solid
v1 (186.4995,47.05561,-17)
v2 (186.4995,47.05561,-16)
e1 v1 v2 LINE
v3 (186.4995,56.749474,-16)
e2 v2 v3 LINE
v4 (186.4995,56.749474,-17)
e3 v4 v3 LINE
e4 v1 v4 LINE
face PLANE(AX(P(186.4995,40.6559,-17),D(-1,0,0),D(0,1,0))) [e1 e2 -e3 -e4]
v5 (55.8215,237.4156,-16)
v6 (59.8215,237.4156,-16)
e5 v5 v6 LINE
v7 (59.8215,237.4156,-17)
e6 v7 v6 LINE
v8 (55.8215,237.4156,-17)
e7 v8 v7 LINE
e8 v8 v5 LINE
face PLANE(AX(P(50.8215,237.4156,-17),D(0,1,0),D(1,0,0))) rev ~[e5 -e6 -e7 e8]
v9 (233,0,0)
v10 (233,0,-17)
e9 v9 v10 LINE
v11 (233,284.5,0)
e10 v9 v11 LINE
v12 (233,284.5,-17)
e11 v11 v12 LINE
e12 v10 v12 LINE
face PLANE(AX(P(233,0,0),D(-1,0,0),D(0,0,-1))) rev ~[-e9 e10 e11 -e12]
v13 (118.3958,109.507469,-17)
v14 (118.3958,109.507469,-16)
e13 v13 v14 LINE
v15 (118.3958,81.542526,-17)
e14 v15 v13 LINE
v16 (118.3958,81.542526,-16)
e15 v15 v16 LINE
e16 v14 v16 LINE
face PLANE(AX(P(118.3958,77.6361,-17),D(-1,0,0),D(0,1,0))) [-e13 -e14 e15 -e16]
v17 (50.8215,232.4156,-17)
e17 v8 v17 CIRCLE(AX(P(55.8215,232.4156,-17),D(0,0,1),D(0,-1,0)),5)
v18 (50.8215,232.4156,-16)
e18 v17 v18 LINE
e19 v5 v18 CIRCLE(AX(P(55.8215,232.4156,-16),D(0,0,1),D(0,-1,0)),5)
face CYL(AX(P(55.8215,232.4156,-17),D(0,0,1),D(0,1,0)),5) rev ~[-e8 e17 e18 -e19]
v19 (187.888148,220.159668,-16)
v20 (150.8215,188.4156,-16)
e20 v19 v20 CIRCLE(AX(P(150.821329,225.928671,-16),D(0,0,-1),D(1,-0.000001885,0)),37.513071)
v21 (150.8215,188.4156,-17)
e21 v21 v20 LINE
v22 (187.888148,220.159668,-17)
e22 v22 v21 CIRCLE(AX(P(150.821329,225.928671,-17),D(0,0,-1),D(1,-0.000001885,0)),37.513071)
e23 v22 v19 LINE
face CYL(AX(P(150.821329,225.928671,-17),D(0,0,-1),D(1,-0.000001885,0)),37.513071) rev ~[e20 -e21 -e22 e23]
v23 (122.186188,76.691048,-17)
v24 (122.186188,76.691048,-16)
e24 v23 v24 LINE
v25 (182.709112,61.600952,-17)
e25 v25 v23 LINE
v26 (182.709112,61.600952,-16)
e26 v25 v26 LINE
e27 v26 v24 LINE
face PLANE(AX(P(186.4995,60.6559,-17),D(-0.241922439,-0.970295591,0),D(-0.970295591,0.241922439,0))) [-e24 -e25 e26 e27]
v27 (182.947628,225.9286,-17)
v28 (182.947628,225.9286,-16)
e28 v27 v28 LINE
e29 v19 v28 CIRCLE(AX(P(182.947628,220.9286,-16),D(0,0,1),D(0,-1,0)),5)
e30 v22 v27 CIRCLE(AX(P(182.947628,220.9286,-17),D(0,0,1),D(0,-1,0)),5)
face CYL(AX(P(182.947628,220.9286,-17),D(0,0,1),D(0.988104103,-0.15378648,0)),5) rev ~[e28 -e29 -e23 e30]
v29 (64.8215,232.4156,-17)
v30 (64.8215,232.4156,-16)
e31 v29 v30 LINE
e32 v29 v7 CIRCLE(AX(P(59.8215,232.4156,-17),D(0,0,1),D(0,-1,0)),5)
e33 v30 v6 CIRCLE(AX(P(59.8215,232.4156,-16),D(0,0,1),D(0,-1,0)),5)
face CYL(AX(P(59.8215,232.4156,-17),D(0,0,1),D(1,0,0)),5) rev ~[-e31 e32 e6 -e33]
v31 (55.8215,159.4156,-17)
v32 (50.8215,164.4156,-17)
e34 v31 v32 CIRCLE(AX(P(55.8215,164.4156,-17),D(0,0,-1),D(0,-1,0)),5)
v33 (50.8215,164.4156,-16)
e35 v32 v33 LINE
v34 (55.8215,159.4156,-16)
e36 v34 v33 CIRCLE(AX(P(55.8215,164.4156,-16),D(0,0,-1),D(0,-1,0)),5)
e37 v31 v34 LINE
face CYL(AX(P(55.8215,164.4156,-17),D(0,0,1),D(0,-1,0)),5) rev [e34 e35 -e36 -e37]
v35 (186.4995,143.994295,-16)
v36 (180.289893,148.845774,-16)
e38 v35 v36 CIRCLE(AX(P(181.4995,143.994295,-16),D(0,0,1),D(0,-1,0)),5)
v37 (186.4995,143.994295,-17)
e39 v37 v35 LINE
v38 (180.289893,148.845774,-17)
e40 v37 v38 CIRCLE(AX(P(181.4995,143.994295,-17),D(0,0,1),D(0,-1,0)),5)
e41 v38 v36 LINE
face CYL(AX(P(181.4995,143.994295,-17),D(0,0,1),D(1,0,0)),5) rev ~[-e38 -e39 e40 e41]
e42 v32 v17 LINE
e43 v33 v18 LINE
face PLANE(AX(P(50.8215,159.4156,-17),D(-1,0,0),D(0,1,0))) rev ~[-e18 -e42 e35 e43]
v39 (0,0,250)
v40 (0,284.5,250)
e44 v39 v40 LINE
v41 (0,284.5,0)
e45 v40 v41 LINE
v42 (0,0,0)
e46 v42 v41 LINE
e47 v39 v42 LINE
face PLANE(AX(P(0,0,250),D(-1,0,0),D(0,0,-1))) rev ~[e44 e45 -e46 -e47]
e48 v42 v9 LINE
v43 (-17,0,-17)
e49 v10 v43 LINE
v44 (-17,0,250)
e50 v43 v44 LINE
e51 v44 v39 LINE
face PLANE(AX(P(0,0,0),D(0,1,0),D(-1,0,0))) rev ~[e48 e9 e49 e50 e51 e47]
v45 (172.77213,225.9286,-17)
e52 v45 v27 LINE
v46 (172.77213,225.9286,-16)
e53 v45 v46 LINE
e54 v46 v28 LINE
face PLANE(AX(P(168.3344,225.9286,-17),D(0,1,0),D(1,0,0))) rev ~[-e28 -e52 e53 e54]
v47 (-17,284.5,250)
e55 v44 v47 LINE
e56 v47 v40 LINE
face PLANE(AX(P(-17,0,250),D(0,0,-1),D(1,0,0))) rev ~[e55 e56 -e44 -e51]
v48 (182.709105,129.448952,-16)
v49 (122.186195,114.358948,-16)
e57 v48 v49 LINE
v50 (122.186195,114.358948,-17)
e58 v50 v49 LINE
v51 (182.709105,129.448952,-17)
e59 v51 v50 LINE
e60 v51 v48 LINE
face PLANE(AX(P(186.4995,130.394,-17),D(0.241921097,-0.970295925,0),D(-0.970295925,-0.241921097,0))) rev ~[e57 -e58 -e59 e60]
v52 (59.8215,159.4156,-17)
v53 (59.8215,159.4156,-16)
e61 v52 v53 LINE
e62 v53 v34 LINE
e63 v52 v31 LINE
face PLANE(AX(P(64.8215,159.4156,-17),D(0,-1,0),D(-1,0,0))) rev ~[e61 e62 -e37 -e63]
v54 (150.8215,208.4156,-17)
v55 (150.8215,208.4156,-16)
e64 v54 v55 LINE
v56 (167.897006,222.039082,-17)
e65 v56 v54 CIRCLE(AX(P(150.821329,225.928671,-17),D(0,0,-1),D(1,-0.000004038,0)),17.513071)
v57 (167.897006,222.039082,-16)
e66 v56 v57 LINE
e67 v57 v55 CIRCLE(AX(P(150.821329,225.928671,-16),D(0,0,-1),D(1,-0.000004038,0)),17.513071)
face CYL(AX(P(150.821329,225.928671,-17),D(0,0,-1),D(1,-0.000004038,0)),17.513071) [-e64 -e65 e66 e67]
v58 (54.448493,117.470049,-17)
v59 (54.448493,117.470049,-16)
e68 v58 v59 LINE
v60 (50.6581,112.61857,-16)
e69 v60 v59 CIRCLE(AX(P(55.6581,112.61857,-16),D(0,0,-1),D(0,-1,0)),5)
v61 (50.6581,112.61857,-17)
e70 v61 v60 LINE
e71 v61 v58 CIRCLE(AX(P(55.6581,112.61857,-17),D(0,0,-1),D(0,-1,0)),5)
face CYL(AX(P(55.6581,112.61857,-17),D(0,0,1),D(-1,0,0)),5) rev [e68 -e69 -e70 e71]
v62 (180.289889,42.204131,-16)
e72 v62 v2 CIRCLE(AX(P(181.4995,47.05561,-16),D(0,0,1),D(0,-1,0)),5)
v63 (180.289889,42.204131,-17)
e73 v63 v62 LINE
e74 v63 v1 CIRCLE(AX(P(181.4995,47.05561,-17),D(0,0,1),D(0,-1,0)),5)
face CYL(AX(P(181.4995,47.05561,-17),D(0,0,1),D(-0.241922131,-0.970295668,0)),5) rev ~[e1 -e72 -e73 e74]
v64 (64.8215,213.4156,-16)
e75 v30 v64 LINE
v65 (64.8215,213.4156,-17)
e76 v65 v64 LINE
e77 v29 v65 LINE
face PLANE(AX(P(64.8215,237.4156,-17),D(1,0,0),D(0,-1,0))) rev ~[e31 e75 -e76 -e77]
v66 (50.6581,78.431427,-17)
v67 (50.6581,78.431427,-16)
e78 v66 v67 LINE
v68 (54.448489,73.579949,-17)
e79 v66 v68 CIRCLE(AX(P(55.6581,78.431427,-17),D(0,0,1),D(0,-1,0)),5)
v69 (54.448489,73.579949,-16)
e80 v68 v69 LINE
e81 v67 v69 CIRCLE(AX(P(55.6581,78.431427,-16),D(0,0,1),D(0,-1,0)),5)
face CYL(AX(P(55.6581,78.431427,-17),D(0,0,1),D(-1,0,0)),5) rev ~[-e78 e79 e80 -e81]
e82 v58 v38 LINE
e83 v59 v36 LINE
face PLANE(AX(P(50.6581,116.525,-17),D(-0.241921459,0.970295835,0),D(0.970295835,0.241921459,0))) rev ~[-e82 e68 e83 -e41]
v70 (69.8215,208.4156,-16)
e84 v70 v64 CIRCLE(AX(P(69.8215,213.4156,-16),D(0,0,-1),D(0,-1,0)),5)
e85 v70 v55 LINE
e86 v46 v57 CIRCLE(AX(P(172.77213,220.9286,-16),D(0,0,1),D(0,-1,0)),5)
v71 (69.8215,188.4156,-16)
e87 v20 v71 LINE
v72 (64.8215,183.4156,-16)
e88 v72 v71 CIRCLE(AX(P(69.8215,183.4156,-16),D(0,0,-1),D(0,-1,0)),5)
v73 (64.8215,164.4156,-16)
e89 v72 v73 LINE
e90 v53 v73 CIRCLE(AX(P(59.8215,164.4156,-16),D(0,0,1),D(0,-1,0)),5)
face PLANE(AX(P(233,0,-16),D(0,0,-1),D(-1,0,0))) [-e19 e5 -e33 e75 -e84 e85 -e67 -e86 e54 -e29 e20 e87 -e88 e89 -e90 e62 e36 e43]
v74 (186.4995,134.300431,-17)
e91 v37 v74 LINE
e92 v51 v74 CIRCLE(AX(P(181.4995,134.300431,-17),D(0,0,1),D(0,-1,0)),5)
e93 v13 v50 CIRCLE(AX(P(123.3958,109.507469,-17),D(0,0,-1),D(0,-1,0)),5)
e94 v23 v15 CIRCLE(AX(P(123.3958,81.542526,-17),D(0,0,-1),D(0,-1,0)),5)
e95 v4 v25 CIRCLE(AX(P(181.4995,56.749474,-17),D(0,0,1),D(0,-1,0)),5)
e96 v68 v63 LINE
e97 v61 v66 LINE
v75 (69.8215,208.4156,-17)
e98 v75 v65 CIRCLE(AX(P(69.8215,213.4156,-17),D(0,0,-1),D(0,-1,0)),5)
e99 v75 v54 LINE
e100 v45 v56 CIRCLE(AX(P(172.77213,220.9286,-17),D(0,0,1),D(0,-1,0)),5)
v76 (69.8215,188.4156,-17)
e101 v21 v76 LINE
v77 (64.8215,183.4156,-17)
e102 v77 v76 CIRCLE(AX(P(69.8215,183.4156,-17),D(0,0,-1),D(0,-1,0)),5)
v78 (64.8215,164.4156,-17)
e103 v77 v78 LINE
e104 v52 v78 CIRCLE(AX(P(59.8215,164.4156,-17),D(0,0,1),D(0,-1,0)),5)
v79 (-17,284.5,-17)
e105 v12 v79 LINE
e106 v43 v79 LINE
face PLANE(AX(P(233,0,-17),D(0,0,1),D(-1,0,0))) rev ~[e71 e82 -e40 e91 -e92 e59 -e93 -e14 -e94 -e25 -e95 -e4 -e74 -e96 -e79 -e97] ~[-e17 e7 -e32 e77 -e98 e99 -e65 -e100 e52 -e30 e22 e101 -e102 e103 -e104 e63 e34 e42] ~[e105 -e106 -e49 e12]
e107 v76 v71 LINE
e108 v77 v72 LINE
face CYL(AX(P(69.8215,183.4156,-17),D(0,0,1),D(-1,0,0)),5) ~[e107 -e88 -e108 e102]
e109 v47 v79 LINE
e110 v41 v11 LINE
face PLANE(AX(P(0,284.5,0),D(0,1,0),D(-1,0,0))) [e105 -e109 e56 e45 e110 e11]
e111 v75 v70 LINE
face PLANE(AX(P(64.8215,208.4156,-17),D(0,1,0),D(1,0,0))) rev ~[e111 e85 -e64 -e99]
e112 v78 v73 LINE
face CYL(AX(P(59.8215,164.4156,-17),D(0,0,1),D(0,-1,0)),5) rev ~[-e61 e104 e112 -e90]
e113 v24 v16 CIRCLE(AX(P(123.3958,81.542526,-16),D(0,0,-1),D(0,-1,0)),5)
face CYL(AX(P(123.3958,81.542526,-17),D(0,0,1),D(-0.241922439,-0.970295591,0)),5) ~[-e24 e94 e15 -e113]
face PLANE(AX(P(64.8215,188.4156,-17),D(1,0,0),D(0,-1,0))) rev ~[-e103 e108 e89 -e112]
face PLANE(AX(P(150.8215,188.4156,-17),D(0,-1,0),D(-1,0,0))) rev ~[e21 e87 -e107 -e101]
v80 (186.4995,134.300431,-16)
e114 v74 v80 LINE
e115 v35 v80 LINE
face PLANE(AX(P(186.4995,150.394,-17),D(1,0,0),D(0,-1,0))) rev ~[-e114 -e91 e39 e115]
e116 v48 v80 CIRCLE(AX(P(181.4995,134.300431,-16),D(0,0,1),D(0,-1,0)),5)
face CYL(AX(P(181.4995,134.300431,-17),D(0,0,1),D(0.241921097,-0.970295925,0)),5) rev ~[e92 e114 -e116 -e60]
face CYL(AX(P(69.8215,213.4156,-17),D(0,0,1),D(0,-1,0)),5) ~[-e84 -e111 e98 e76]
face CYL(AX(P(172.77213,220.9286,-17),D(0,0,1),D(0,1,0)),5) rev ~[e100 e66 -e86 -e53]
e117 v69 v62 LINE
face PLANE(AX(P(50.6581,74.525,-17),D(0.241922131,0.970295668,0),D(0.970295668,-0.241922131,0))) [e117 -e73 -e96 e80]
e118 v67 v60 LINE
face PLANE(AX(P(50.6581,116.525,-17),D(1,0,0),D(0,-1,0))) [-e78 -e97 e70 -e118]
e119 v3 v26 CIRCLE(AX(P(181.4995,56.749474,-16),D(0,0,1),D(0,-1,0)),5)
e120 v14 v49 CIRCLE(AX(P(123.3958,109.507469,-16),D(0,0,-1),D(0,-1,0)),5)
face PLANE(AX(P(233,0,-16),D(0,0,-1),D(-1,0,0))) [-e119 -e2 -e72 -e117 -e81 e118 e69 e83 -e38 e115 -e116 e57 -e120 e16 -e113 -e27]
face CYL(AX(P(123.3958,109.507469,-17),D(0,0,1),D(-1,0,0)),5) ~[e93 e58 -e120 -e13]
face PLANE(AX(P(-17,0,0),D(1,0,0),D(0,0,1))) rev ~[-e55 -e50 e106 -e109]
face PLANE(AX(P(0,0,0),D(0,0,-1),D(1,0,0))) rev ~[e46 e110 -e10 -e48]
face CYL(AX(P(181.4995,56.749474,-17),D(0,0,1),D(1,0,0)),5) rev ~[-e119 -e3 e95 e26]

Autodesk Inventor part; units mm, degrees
ref_plane "YZ Plane" through (0, 0, 0) normal (1, 0, 0) x (0, 1, 0)
ref_plane "XZ Plane" through (0, 0, 0) normal (0, 1, 0) x (-1, 0, 0)
ref_plane "XY Plane" through (0, 0, 0) normal (0, 0, 1) x (1, 0, 0)
sketch "Sketch1" plane through (0, 0, 0) normal (0, 1, 0) x (-1, 0, 0)
  line L0 (17, 250) -> (0, 250)
  line L1 (0, 250) -> (0, 0)
  line L2 (0, 0) -> (17, 0)
  line L3 (17, 0) -> (17, 250)
  line L4 (17, 0) -> (-233, 0)
  line L5 (-233, 0) -> (-233, -17)
  line L6 (-233, -17) -> (17, -17)
  line L7 (17, -17) -> (17, 0)
  dimension "d0" = 17
  dimension "d1" = 250
  dimension "d2" = 250
extrude "Extrusion1" add sketch "Sketch1" along normal blind 284.5
sketch "Sketch2" plane through (233, 0, -17) normal (0, 0, -1) x (-1, 0, 0)
  line L0 (0, 0) -> (250, 0) projected
  line L1 (250, 0) -> (250, 284.5) projected
  line L2 (0, 284.5) -> (250, 284.5) projected
  line L3 (0, 0) -> (0, 284.5) projected
  line L4 (182.1785, 237.4156) -> (168.1785, 237.4156)
  line L5 (168.1785, 237.4156) -> (168.1785, 159.4156)
  line L6 (168.1785, 159.4156) -> (182.1785, 159.4156)
  line L7 (182.1785, 159.4156) -> (182.1785, 237.4156)
  line L8 (168.1785, 208.4156) -> (82.1785, 208.4156)
  line L9 (82.1785, 208.4156) -> (82.1785, 188.4156)
  line L10 (82.1785, 188.4156) -> (168.1785, 188.4156)
  line L11 (168.1785, 188.4156) -> (168.1785, 208.4156)
  arc A0 (64.6656, 225.9286) -> (82.1785, 208.4156) centre (82.1785, 225.9286) ccw
  line L12 (82.1785, 225.9286) -> (64.6656, 225.9286) construction
  line L13 (82.1785, 225.9286) -> (82.1785, 208.4156) construction
  arc A1 (44.6656, 225.9286) -> (82.1785, 188.4156) centre (82.1785, 225.9286) ccw
  line L14 (64.6656, 225.9286) -> (44.6656, 225.9286)
  line L15 (182.3419, 116.525) -> (46.5005, 150.394)
  line L16 (46.5005, 150.394) -> (46.5005, 130.394)
  line L17 (46.5005, 130.394) -> (114.6042, 113.4139)
  line L18 (114.6042, 113.4139) -> (114.6042, 93.4139)
  line L19 (182.3419, 116.525) -> (182.3419, 95.525)
  line L20 (133.1096, 95.525) -> (42.0362, 95.525)
  line L21 (182.3419, 74.525) -> (46.5005, 40.6559)
  line L22 (46.5005, 40.6559) -> (46.5005, 60.6559)
  line L23 (46.5005, 60.6559) -> (114.6042, 77.6361)
  line L24 (114.6042, 77.6361) -> (114.6042, 97.6361)
  line L25 (182.3419, 74.525) -> (182.3419, 95.525)
  point P0 (233, 0)
  dimension "d5" = 90
  dimension "d6" = 21
  dimension "d7" = 140
  dimension "d8" = 20
  dimension "d9" = 20
  dimension "d12" = 68.1037
  dimension "d13" = 78
  dimension "d14" = 20
  dimension "d15" = 29
  dimension "d16" = 14
  dimension "d18" = 86
  dimension "d20" = 76
extrude "Extrusion2" cut sketch "Sketch2" against normal blind 1 contours L7 L6 L5 L4 | L5 L10 L9 L8 | L9 A1 L14 A0 | L19 L25 L21 L22 L23 L24 L18 L17 L16 L15
fillet "Fillet1" radius 5 16 edges at (50.6581, 116.525, -16.5) (50.6581, 74.525, -16.5) (50.8215, 159.4156, -16.5) (64.8215, 188.4156, -16.5) (118.3958, 113.4139, -16.5) (118.3958, 77.6361, -16.5) (186.4995, 40.6559, -16.5) (186.4995, 60.6559, -16.5) (186.4995, 130.394, -16.5) (186.4995, 150.394, -16.5) (168.3344, 225.9286, -16.5) (188.3344, 225.9286, -16.5) (64.8215, 237.4156, -16.5) (50.8215, 237.4156, -16.5) (64.8215, 159.4156, -16.5) (64.8215, 208.4156, -16.5)
equation "\"d15\" = 0.5 * d13 - 0.5 * d14"
properties part number "TableroEscritoSimplificado"
